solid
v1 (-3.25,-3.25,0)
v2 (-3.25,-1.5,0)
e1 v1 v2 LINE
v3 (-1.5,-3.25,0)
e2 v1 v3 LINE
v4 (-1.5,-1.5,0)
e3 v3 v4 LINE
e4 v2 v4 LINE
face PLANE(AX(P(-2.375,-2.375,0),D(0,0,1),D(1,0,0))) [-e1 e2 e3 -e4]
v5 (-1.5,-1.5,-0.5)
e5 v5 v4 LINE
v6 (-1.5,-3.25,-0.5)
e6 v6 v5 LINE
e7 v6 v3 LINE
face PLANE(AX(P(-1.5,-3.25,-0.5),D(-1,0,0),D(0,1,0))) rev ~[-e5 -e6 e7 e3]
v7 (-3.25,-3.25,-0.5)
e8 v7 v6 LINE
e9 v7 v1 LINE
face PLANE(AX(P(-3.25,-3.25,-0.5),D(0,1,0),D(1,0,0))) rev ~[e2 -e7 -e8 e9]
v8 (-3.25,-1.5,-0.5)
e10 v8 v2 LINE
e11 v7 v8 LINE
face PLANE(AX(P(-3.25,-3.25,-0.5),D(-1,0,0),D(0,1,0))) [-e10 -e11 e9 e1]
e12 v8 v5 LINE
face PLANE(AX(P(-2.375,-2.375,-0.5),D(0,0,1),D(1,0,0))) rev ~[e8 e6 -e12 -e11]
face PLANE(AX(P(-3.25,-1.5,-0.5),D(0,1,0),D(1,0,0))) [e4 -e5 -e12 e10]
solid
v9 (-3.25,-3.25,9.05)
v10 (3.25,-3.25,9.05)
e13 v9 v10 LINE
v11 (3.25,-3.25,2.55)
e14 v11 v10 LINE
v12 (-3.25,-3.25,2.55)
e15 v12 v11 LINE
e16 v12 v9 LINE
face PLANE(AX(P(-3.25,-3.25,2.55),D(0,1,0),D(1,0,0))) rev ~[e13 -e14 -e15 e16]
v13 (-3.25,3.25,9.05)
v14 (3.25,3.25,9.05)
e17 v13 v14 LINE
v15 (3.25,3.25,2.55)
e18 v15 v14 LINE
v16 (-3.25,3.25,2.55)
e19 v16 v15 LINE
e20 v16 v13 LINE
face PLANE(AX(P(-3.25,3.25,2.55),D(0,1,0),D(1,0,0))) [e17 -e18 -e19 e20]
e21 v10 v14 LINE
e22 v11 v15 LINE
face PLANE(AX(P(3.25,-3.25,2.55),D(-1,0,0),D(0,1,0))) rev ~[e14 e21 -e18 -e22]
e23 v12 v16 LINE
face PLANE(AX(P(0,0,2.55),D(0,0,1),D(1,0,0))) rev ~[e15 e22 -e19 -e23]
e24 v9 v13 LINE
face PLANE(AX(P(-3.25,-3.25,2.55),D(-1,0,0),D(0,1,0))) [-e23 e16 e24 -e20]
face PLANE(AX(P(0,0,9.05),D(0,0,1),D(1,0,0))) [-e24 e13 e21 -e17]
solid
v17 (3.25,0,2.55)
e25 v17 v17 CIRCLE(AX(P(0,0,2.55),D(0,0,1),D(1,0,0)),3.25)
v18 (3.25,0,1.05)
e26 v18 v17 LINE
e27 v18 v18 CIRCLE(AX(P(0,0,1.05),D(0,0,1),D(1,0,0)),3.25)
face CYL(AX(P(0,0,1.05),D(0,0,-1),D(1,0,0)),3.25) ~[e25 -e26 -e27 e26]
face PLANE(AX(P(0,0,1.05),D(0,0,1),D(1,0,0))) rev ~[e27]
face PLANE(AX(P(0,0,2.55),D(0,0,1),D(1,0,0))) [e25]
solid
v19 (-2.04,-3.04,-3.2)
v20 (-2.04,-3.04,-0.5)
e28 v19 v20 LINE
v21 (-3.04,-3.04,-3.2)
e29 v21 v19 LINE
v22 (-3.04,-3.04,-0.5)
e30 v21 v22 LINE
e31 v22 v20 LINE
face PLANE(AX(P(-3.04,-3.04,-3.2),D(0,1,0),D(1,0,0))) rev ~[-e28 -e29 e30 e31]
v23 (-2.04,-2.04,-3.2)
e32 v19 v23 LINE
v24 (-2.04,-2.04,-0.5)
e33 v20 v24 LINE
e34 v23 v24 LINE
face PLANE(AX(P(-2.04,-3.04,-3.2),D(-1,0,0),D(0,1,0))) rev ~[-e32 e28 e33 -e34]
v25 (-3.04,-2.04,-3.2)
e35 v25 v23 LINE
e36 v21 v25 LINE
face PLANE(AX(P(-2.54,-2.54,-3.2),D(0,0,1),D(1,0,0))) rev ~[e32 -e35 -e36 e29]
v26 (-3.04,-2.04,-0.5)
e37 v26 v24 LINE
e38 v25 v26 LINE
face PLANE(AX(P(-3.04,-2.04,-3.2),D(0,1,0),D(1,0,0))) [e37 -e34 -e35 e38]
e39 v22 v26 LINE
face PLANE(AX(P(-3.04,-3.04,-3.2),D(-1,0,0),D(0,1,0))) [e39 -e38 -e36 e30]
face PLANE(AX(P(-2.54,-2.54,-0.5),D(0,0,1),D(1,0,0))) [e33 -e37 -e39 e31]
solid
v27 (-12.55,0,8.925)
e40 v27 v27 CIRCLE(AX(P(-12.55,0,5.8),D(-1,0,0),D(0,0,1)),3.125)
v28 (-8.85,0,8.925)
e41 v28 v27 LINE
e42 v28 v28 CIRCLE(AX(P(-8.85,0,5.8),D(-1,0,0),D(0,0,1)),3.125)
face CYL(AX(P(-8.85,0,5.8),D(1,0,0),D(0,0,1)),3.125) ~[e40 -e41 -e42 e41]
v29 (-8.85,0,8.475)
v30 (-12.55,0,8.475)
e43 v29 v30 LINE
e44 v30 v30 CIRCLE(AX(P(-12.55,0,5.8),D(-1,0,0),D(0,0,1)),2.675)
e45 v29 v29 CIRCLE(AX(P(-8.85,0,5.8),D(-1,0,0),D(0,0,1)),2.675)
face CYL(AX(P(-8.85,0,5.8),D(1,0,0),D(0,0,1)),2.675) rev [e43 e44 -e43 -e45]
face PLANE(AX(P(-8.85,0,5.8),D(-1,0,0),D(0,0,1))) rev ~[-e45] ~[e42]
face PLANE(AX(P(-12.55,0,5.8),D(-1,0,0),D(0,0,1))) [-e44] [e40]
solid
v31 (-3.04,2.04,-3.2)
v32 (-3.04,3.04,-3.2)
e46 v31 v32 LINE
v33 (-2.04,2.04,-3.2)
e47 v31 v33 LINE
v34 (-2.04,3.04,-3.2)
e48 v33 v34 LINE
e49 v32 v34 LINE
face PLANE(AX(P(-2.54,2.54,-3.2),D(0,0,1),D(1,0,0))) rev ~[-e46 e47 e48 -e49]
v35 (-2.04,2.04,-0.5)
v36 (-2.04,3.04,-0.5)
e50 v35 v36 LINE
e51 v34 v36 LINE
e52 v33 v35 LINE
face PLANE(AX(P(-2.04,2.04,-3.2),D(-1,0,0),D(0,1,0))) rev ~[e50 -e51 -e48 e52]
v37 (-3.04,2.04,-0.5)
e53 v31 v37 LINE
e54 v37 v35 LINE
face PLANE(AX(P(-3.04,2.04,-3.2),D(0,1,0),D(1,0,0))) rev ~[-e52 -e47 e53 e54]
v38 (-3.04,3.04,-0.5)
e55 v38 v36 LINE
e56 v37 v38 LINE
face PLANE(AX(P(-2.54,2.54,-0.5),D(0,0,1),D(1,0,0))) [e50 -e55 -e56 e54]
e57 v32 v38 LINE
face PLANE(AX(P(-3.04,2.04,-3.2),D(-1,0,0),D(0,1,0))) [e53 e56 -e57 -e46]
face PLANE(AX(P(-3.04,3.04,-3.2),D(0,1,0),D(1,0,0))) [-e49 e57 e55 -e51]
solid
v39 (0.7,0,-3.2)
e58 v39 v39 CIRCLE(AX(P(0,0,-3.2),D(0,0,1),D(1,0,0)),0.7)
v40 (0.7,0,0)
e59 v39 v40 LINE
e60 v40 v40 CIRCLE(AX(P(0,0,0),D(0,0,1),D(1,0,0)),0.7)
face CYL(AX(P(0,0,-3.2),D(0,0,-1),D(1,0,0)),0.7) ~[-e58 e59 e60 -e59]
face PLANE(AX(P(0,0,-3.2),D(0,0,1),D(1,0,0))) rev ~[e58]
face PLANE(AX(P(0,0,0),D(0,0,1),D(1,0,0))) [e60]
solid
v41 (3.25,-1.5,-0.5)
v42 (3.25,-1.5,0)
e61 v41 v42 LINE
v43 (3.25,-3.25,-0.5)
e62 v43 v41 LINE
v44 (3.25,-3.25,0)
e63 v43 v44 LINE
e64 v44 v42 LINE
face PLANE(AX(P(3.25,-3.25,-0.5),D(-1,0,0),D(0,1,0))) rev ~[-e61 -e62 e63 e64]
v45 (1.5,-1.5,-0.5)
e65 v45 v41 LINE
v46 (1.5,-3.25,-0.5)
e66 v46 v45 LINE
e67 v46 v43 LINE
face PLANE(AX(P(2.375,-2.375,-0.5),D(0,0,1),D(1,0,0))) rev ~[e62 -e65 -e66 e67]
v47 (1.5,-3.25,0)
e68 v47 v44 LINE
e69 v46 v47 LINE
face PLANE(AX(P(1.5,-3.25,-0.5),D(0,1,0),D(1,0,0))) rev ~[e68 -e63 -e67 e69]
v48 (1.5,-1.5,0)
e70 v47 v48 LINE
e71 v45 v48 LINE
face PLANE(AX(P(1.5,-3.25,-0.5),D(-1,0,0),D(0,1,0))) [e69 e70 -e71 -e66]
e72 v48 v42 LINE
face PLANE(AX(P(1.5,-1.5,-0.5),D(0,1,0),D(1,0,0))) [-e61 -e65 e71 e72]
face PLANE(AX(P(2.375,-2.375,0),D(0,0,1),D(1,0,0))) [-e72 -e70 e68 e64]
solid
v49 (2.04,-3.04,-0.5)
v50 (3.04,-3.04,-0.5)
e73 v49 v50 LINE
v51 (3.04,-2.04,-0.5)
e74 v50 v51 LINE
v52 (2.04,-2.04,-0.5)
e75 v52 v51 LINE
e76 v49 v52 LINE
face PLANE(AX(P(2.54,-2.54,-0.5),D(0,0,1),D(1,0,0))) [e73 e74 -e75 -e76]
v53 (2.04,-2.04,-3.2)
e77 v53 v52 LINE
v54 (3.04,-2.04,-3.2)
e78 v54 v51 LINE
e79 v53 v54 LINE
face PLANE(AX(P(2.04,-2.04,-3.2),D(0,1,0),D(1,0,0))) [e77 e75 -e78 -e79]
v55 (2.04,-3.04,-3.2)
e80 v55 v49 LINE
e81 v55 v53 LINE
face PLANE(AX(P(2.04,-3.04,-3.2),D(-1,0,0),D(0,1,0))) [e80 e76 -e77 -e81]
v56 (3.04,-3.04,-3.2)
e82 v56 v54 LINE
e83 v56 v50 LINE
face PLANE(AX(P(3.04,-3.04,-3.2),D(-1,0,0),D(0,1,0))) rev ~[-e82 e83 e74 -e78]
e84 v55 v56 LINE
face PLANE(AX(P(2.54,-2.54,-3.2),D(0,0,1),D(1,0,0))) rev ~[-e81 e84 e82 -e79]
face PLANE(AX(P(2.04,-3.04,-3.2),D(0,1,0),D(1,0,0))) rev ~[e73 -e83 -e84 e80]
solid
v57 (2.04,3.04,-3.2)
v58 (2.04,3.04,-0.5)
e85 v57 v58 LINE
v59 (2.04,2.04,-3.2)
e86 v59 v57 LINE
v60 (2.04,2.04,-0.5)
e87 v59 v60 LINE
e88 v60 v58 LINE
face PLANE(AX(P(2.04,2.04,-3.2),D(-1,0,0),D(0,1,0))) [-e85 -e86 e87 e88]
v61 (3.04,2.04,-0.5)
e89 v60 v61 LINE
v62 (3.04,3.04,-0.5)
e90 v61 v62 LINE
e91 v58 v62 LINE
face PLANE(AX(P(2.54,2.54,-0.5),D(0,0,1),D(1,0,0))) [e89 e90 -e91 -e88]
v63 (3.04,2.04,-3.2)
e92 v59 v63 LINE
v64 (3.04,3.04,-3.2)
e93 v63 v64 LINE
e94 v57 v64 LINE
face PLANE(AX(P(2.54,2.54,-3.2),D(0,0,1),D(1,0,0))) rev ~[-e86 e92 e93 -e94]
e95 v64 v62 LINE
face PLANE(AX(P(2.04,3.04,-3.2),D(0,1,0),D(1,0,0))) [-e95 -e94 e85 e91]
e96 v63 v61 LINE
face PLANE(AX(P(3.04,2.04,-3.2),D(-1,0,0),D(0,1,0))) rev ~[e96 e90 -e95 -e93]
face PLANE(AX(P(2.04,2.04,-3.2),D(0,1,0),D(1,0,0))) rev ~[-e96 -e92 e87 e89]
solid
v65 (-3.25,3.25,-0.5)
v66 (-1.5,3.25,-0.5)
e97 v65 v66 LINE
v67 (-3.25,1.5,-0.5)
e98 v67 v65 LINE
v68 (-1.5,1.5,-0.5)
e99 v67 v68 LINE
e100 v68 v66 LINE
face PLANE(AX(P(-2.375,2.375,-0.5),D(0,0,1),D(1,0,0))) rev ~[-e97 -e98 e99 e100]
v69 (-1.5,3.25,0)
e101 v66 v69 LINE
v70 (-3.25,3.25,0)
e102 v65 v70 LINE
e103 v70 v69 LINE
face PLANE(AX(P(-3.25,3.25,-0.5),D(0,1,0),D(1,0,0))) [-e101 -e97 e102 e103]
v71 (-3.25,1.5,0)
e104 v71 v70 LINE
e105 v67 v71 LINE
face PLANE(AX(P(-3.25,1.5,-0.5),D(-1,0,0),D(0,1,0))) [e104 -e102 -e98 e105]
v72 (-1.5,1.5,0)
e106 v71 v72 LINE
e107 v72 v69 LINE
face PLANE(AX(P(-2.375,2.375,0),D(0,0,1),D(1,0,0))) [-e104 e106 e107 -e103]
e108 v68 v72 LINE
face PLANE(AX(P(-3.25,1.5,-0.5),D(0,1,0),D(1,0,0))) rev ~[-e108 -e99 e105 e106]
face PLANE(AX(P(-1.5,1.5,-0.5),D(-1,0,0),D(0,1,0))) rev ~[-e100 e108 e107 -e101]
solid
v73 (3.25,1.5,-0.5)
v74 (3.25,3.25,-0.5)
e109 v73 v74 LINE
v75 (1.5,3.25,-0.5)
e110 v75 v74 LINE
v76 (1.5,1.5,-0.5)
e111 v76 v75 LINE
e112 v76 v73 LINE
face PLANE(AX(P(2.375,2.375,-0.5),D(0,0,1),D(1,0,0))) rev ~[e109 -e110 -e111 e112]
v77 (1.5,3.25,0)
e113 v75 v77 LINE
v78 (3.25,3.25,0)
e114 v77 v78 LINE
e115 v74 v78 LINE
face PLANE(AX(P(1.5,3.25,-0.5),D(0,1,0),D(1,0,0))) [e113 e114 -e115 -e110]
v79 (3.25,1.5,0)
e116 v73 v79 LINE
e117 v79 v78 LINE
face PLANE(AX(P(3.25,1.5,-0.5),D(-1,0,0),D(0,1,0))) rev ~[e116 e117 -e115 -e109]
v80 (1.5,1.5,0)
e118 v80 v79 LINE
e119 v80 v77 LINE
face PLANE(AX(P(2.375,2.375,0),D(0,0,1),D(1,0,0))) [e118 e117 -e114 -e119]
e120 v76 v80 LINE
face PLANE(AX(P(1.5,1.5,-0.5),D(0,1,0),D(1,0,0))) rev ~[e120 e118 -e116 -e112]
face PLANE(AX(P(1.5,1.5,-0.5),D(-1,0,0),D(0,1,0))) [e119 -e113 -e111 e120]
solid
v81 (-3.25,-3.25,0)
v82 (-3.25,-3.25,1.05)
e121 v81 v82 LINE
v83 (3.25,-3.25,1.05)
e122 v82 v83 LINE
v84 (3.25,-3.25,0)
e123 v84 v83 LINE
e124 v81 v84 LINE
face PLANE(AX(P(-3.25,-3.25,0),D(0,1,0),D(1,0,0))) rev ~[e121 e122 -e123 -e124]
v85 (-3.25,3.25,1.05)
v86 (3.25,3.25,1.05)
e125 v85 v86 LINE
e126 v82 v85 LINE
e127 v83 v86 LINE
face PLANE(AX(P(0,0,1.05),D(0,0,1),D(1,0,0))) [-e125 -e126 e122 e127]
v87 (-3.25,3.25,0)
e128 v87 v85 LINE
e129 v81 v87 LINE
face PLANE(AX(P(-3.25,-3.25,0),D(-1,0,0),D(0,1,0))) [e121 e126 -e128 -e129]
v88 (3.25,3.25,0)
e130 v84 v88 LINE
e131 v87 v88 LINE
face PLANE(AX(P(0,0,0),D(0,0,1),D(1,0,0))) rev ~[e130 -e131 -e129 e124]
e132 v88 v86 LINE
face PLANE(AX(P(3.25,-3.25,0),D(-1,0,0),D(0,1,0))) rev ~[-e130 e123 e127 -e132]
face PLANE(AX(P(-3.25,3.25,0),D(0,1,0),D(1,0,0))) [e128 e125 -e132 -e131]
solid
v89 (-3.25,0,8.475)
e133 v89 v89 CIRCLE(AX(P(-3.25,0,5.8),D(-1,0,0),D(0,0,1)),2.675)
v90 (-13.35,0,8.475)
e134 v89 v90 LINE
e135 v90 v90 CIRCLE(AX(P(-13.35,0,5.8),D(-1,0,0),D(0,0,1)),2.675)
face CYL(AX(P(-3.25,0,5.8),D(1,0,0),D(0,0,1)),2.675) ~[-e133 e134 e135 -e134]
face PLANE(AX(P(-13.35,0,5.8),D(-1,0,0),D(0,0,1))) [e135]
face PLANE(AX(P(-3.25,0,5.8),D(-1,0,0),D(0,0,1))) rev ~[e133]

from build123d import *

# Parameters (mm, degrees)
CYLINDER_R        = 0.7
CYLINDER_DEPTH    = 3.2
BOX_W             = 6.5
BOX_H             = 6.5
BOX_DEPTH         = 1.05
CYLINDER001_R     = 3.25
CYLINDER001_DEPTH = 1.5
BOX001_W          = 6.5
BOX001_H          = 6.5
BOX001_DEPTH      = 6.5
CYLINDER002_R     = 2.675
CYLINDER002_DEPTH = 10.1
TUBE_R            = 3.125
TUBE_R_2          = 2.675
TUBE_DEPTH        = 3.7
BOX002_W          = 1.75
BOX002_H          = 1.75
BOX002_DEPTH      = 0.5
BOX003_W          = 1.75
BOX003_H          = 1.75
BOX003_DEPTH      = 0.5
BOX004_W          = 1.75
BOX004_H          = 1.75
BOX004_DEPTH      = 0.5
BOX005_W          = 1.75
BOX005_H          = 1.75
BOX005_DEPTH      = 0.5
BOX006_W          = 1
BOX006_H          = 1
BOX006_DEPTH      = 2.7
BOX007_W          = 1
BOX007_H          = 1
BOX007_DEPTH      = 2.7
BOX008_W          = 1
BOX008_H          = 1
BOX008_DEPTH      = 2.7
BOX009_W          = 1
BOX009_H          = 1
BOX009_DEPTH      = 2.7


with BuildPart() as cylinder:
    # Cylinder → Cylinder (new body)
    with BuildSketch(Plane.XY.offset(-3.2)):
        Circle(CYLINDER_R)
    extrude(amount=CYLINDER_DEPTH)


with BuildPart() as cube:
    # Box → Box (new body)
    with BuildSketch(Plane(origin=(-3.25, -3.25, 0), x_dir=(1, 0, 0), z_dir=(0, 0, 1))):
        with Locations((3.25, 3.25)):
            Rectangle(BOX_W, BOX_H)
    extrude(amount=BOX_DEPTH)


with BuildPart() as cylinder001:
    # Cylinder001 → Cylinder001 (new body)
    with BuildSketch(Plane.XY.offset(1.05)):
        Circle(CYLINDER001_R)
    extrude(amount=CYLINDER001_DEPTH)


with BuildPart() as cube001:
    # Box001 → Box001 (new body)
    with BuildSketch(Plane(origin=(-3.25, -3.25, 2.55), x_dir=(1, 0, 0), z_dir=(0, 0, 1))):
        with Locations((3.25, 3.25)):
            Rectangle(BOX001_W, BOX001_H)
    extrude(amount=BOX001_DEPTH)


with BuildPart() as cylinder002:
    # Cylinder002 → Cylinder002 (new body)
    with BuildSketch(Plane(origin=(-3.25, 0, 5.8), x_dir=(0, 0, 1), z_dir=(-1, 0, 0))):
        Circle(CYLINDER002_R)
    extrude(amount=CYLINDER002_DEPTH)


with BuildPart() as tube:
    # Tube → Tube (new body)
    with BuildSketch(Plane(origin=(-8.85, 0, 5.8), x_dir=(0, 0, 1), z_dir=(-1, 0, 0))):
        Circle(TUBE_R)
        Circle(TUBE_R_2, mode=Mode.SUBTRACT)
    extrude(amount=TUBE_DEPTH)


with BuildPart() as cube002:
    # Box002 → Box002 (new body)
    with BuildSketch(Plane(origin=(-3.25, -3.25, -0.5), x_dir=(1, 0, 0), z_dir=(0, 0, 1))):
        with Locations((0.875, 0.875)):
            Rectangle(BOX002_W, BOX002_H)
    extrude(amount=BOX002_DEPTH)


with BuildPart() as cube003:
    # Box003 → Box003 (new body)
    with BuildSketch(Plane(origin=(-3.25, 1.5, -0.5), x_dir=(1, 0, 0), z_dir=(0, 0, 1))):
        with Locations((0.875, 0.875)):
            Rectangle(BOX003_W, BOX003_H)
    extrude(amount=BOX003_DEPTH)


with BuildPart() as cube004:
    # Box004 → Box004 (new body)
    with BuildSketch(Plane(origin=(1.5, -3.25, -0.5), x_dir=(1, 0, 0), z_dir=(0, 0, 1))):
        with Locations((0.875, 0.875)):
            Rectangle(BOX004_W, BOX004_H)
    extrude(amount=BOX004_DEPTH)


with BuildPart() as cube005:
    # Box005 → Box005 (new body)
    with BuildSketch(Plane(origin=(1.5, 1.5, -0.5), x_dir=(1, 0, 0), z_dir=(0, 0, 1))):
        with Locations((0.875, 0.875)):
            Rectangle(BOX005_W, BOX005_H)
    extrude(amount=BOX005_DEPTH)


with BuildPart() as cube006:
    # Box006 → Box006 (new body)
    with BuildSketch(Plane(origin=(-3.04, -3.04, -3.2), x_dir=(1, 0, 0), z_dir=(0, 0, 1))):
        with Locations((0.5, 0.5)):
            Rectangle(BOX006_W, BOX006_H)
    extrude(amount=BOX006_DEPTH)


with BuildPart() as cube007:
    # Box007 → Box007 (new body)
    with BuildSketch(Plane(origin=(-3.04, 2.04, -3.2), x_dir=(1, 0, 0), z_dir=(0, 0, 1))):
        with Locations((0.5, 0.5)):
            Rectangle(BOX007_W, BOX007_H)
    extrude(amount=BOX007_DEPTH)


with BuildPart() as cube008:
    # Box008 → Box008 (new body)
    with BuildSketch(Plane(origin=(2.04, -3.04, -3.2), x_dir=(1, 0, 0), z_dir=(0, 0, 1))):
        with Locations((0.5, 0.5)):
            Rectangle(BOX008_W, BOX008_H)
    extrude(amount=BOX008_DEPTH)


with BuildPart() as cube009:
    # Box009 → Box009 (new body)
    with BuildSketch(Plane(origin=(2.04, 2.04, -3.2), x_dir=(1, 0, 0), z_dir=(0, 0, 1))):
        with Locations((0.5, 0.5)):
            Rectangle(BOX009_W, BOX009_H)
    extrude(amount=BOX009_DEPTH)


solid = Compound([cylinder.part, cube.part, cylinder001.part, cube001.part, cylinder002.part, tube.part, cube002.part, cube003.part, cube004.part, cube005.part, cube006.part, cube007.part, cube008.part, cube009.part])
